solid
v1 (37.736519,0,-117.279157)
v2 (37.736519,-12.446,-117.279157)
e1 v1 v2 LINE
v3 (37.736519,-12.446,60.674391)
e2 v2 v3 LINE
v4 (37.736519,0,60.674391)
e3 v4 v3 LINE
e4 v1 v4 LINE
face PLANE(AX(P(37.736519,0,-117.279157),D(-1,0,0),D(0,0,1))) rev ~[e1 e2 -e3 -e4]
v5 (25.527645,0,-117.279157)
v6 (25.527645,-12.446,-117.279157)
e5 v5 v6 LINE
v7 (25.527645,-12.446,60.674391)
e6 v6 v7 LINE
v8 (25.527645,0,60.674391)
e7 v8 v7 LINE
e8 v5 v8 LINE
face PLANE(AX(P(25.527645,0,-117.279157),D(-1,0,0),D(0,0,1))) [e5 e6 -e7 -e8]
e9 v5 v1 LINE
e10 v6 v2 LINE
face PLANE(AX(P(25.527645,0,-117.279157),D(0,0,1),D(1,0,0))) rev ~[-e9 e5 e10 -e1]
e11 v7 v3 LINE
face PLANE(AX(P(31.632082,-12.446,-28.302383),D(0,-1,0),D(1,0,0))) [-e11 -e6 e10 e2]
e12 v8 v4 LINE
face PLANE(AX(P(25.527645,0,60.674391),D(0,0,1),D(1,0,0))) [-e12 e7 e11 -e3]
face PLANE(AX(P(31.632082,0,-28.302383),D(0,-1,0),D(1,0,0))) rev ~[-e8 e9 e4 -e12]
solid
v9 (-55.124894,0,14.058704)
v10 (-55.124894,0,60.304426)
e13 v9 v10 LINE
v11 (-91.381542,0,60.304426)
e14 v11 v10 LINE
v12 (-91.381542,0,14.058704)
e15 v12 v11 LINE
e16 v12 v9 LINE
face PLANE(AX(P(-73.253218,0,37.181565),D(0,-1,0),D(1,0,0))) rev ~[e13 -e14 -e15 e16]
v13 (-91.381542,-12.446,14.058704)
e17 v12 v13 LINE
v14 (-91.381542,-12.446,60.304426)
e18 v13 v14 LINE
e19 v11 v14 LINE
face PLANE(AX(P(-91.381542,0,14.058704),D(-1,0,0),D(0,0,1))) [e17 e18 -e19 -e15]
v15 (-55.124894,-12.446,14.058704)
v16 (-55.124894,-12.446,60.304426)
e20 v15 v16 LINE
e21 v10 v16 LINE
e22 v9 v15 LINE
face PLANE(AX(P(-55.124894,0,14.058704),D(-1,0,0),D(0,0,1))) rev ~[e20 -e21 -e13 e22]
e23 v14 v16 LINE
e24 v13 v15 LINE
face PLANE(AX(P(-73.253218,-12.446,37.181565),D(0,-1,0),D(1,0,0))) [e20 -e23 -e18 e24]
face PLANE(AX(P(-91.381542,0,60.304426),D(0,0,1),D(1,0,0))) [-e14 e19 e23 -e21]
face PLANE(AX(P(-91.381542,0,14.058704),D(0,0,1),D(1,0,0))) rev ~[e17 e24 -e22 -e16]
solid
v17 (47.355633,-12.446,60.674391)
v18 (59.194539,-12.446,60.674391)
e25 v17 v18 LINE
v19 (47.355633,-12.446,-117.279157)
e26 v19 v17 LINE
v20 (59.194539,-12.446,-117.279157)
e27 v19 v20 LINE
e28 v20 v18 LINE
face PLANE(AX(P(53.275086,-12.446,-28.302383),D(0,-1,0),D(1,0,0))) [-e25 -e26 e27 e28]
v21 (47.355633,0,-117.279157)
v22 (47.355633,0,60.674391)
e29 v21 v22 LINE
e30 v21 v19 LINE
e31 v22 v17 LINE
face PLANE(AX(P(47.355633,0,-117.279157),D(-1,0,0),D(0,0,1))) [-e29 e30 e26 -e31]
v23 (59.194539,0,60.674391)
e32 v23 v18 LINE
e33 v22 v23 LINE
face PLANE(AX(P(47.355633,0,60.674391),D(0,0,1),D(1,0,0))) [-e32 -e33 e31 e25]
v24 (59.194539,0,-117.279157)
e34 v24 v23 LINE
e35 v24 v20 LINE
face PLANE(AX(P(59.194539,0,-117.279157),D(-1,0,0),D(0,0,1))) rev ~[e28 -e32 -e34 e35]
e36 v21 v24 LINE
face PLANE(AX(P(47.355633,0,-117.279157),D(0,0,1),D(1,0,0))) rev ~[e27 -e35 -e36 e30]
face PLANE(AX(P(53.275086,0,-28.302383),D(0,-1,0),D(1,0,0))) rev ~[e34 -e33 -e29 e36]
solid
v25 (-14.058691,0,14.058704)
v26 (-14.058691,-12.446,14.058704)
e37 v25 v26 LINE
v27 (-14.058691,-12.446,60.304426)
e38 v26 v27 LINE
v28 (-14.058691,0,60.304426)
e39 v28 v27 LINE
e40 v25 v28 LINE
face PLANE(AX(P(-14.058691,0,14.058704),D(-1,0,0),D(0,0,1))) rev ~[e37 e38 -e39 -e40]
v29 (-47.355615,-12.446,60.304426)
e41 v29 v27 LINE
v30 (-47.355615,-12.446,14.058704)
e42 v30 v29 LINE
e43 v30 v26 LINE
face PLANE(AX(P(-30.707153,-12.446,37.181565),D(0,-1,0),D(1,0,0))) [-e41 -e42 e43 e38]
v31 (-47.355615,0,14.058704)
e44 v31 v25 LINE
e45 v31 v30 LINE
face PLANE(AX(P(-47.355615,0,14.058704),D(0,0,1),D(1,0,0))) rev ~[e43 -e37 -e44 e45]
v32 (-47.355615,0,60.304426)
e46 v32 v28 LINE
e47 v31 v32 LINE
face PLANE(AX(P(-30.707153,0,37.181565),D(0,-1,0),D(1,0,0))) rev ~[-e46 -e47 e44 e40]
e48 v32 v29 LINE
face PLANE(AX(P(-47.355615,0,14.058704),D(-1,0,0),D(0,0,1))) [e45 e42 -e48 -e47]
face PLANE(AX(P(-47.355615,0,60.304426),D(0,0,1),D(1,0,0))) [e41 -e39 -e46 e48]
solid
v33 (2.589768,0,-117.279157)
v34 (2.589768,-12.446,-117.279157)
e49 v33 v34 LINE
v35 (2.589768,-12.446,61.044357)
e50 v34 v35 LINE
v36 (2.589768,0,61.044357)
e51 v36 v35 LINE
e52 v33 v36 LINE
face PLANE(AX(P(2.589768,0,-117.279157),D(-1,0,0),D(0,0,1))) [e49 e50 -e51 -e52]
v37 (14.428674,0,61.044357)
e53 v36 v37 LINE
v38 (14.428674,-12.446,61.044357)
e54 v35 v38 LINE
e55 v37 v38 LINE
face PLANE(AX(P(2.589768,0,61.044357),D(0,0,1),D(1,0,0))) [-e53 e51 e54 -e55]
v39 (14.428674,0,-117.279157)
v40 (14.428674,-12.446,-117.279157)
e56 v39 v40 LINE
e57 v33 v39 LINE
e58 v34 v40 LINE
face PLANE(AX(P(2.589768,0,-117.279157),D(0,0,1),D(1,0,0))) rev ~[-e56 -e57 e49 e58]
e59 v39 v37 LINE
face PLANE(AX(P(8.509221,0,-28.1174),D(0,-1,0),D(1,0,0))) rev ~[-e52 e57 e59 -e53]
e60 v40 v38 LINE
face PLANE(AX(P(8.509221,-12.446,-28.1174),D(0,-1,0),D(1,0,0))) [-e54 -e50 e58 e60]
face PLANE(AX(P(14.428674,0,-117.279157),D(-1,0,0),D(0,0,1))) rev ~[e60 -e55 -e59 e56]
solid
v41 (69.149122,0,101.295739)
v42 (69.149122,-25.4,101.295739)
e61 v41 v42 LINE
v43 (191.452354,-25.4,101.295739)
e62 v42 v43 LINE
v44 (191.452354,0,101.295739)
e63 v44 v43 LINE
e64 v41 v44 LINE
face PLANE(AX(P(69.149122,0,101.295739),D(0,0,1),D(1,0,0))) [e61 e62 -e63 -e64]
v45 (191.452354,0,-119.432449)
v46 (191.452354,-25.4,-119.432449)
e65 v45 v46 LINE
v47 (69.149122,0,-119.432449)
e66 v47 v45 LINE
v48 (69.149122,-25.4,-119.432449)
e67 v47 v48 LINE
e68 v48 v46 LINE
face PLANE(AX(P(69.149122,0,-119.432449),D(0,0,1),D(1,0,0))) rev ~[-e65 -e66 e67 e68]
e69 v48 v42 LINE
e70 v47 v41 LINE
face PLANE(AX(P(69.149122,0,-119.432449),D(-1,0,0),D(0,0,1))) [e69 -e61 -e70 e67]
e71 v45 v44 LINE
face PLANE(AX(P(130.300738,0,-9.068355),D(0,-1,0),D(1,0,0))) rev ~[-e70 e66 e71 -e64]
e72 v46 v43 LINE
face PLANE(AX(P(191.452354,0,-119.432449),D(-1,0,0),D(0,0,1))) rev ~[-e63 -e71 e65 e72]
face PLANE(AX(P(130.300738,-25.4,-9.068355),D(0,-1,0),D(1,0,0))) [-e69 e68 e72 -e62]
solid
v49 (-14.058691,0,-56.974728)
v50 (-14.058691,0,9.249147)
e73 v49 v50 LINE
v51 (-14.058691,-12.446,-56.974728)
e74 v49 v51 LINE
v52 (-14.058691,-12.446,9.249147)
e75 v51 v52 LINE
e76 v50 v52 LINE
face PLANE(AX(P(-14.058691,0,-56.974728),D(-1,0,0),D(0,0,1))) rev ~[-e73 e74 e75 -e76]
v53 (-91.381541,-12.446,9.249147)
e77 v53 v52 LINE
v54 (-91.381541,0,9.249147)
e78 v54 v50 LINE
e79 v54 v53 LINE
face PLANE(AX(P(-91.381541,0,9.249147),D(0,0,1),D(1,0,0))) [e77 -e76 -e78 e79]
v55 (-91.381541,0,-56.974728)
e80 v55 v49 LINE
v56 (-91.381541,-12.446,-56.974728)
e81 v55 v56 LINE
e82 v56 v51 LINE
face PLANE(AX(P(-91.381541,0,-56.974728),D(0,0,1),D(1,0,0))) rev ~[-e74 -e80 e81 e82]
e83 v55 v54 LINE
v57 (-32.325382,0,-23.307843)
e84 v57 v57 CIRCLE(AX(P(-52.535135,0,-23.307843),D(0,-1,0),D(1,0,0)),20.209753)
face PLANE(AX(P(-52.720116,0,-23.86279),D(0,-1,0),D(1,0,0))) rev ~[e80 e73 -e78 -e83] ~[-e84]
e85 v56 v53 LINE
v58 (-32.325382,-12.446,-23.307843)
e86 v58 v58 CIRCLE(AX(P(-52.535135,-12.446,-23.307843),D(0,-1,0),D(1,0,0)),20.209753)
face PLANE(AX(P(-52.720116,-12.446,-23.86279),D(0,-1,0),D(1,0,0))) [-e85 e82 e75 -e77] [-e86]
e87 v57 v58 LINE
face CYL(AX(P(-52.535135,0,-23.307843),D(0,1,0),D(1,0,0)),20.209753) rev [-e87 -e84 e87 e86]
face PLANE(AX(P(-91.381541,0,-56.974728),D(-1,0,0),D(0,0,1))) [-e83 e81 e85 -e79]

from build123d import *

# Parameters (mm, degrees)
F0_W     = 36.256648
F0_H     = 46.245723
F0_W_2   = 33.296924
F0_W_3   = 11.838905
F0_H_2   = 178.323515
F0_W_4   = 12.208875
F0_H_3   = 177.953549
F0_W_5   = 11.838906
F0_W_6   = 77.322851
F0_H_4   = 66.223875
F0_R     = 20.209753
F1_DEPTH = 12.446
F0_W_7   = 122.303232
F0_H_5   = 220.728188
F2_DEPTH = 25.4


with BuildPart() as f1:
    # F0 (on Front) → F1 (new body)
    with BuildSketch(Plane.XZ):
        with Locations((-73.253218, 37.181565)):
            Rectangle(F0_W, F0_H)
        with Locations((-30.707153, 37.181565)):
            Rectangle(F0_W_2, F0_H)
        with Locations((8.509221, -28.1174)):
            Rectangle(F0_W_3, F0_H_2)
        with Locations((31.632082, -28.302383)):
            Rectangle(F0_W_4, F0_H_3)
        with Locations((53.275086, -28.302383)):
            Rectangle(F0_W_5, F0_H_3)
        with Locations((-52.720116, -23.86279)):
            Rectangle(F0_W_6, F0_H_4)
        with Locations((-52.535135, -23.307843)):
            Circle(F0_R, mode=Mode.SUBTRACT)
    extrude(amount=F1_DEPTH)


with BuildPart() as f2:
    # F0 (on Front) → F2 (new body)
    with BuildSketch(Plane.XZ):
        with Locations((130.300738, -9.068355)):
            Rectangle(F0_W_7, F0_H_5)
    extrude(amount=F2_DEPTH)


solid = Compound([f1.part, f2.part])
